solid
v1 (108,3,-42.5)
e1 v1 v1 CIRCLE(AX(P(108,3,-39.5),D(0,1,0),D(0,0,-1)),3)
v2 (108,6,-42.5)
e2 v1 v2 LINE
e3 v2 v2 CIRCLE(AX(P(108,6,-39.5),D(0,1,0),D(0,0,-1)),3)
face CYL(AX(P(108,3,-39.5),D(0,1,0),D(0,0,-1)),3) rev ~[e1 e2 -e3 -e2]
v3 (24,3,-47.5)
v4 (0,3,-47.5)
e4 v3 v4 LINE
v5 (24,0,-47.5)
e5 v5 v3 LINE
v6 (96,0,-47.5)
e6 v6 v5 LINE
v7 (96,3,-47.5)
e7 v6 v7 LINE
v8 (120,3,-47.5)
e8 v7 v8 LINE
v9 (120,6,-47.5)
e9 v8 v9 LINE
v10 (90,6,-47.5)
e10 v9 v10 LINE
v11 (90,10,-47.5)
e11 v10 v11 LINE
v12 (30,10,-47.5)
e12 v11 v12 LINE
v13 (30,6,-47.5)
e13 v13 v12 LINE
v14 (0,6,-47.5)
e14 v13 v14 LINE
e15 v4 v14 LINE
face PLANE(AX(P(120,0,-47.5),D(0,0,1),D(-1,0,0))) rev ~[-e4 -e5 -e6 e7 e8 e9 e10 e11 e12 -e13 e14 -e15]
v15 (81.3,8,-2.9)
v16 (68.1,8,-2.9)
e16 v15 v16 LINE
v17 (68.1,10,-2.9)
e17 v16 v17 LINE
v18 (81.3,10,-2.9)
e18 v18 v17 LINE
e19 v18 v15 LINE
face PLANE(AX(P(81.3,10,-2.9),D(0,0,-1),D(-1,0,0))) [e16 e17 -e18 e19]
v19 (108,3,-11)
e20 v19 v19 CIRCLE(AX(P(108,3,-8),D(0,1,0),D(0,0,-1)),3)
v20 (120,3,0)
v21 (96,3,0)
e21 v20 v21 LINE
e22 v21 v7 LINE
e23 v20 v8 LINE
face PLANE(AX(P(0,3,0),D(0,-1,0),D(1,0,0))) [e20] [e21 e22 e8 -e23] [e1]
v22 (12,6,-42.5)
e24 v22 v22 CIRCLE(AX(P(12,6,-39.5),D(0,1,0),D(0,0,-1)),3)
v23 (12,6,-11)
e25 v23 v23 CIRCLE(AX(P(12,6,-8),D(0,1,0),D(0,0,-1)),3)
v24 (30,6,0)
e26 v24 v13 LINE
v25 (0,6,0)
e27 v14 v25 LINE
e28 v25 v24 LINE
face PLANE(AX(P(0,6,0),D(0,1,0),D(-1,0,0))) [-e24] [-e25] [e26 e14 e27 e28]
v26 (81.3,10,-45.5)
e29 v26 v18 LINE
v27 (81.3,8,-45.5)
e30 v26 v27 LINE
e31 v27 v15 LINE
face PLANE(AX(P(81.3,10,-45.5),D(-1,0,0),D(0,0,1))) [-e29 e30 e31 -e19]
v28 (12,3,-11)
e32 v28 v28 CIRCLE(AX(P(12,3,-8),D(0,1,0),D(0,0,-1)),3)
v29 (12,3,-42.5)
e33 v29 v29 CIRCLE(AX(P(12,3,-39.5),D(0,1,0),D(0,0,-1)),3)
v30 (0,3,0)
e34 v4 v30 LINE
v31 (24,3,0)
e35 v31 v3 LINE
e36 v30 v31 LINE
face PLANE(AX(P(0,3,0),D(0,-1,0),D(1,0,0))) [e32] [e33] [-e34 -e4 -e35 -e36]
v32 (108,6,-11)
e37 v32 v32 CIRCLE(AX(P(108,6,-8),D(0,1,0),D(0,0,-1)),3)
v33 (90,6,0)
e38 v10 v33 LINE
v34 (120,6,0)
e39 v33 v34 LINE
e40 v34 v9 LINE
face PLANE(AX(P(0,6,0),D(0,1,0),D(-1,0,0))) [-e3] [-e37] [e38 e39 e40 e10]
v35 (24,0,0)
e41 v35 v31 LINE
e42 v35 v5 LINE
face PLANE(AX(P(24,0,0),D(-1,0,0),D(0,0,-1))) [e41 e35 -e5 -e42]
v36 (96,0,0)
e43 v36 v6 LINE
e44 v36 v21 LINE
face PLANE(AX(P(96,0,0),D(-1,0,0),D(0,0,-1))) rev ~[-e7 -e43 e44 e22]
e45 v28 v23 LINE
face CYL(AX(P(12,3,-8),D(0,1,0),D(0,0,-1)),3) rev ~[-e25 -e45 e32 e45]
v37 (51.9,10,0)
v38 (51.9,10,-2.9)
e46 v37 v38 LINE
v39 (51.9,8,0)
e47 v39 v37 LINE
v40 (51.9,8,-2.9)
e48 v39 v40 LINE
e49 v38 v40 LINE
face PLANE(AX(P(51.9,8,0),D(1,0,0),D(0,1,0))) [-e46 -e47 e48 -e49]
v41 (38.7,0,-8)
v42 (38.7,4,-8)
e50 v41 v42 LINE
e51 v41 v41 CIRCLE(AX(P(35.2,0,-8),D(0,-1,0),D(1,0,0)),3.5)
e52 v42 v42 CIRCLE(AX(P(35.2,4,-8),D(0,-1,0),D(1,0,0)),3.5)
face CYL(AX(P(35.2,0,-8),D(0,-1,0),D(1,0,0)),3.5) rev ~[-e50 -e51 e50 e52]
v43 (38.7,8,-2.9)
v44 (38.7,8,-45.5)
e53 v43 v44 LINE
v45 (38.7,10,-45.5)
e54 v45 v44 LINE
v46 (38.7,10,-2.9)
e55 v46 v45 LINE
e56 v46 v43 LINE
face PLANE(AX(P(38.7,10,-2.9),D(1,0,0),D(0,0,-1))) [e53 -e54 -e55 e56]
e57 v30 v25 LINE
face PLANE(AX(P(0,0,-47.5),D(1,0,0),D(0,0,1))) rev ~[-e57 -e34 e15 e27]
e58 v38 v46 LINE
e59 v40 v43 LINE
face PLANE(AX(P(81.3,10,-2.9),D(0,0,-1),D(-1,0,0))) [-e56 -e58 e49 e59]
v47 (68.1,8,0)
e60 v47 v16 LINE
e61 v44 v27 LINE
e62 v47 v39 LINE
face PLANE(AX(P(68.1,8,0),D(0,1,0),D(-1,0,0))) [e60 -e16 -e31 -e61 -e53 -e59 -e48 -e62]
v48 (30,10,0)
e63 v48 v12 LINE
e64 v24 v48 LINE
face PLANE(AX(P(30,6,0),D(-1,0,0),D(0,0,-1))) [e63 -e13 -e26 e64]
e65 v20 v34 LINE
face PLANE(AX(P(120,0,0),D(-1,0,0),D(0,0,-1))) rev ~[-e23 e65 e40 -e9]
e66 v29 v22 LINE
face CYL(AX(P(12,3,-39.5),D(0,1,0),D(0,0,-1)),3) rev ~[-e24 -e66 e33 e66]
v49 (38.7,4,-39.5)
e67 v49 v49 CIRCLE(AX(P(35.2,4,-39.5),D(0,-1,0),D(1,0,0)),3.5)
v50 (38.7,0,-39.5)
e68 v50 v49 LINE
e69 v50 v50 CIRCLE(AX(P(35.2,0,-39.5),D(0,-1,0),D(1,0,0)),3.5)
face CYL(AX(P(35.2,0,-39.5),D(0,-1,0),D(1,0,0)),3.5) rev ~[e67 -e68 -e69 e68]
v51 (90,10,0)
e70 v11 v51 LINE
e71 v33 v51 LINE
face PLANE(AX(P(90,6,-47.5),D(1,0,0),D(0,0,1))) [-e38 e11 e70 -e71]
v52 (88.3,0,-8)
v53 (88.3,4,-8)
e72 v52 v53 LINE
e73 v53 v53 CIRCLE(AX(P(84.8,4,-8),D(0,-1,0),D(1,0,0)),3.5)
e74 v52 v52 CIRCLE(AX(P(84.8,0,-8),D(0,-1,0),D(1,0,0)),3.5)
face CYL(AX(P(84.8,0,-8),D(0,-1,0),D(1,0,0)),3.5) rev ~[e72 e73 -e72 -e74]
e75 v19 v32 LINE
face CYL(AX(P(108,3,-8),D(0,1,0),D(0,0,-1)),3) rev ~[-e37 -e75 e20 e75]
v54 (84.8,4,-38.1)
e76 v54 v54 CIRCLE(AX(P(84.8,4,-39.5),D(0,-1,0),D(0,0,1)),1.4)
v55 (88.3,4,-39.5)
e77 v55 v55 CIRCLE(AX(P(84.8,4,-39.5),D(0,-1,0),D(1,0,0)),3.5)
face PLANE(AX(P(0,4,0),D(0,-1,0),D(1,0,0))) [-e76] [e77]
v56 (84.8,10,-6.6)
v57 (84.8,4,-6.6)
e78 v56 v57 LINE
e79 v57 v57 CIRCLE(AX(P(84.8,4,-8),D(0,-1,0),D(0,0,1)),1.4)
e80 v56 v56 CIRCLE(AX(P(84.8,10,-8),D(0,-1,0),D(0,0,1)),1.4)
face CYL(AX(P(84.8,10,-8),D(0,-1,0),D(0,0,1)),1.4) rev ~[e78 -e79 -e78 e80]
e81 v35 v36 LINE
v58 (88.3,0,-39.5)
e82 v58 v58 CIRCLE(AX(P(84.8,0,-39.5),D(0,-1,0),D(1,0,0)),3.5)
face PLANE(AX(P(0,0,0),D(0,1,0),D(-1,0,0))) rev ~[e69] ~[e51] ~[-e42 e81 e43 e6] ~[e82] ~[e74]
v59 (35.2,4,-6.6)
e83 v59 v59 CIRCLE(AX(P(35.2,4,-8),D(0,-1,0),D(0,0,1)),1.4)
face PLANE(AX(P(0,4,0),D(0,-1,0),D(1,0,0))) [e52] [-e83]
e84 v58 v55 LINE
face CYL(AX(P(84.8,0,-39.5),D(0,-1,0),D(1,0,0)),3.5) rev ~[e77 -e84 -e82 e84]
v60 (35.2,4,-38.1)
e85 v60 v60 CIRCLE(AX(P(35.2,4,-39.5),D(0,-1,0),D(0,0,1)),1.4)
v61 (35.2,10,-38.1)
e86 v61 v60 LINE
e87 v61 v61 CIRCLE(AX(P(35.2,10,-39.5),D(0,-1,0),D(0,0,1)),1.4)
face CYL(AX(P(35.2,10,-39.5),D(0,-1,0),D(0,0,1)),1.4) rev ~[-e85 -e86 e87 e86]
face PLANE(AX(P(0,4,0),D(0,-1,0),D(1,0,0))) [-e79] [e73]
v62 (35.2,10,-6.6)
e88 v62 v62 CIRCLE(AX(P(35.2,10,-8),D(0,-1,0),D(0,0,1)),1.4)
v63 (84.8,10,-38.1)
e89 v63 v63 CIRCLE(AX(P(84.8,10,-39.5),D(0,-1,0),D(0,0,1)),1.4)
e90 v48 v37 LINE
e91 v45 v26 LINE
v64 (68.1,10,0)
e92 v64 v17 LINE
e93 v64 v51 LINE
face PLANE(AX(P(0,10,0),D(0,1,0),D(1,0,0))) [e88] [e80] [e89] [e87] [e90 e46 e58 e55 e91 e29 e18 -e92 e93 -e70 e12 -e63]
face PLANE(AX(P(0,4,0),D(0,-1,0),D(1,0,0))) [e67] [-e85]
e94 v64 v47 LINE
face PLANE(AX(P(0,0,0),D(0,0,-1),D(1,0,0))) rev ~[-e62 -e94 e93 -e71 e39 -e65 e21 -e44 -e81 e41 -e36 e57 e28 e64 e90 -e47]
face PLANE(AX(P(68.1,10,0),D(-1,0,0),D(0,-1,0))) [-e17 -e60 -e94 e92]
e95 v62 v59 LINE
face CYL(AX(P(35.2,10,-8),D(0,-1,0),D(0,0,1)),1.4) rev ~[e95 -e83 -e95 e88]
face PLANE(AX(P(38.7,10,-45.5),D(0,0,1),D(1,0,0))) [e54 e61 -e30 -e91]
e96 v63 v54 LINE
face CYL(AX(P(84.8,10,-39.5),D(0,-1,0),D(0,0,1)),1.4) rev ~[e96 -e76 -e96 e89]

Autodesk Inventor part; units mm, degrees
ref_plane "YZ Plane" through (0, 0, 0) normal (1, 0, 0) x (0, 1, 0)
ref_plane "XZ Plane" through (0, 0, 0) normal (0, 1, 0) x (-1, 0, 0)
ref_plane "XY Plane" through (0, 0, 0) normal (0, 0, 1) x (1, 0, 0)
sketch "スケッチ1" plane through (0, 0, 0) normal (0, 1, 0) x (-1, 0, 0)
  line L0 (0, 0) -> (-120, 0)
  line L1 (-120, 0) -> (-120, -47.5)
  line L2 (-120, -47.5) -> (0, -47.5)
  line L3 (0, -47.5) -> (0, 0)
  dimension "d0" = 120
  dimension "d1" = 47.5
extrude "押し出し1" add sketch "スケッチ1" along normal blind 6
ref_plane "作業平面1" through (0, 0, 0) normal (0, 0, 1) x (1, 0, 0)
ref_plane "作業平面2" through (0, 6, 0) normal (0, 1, 0) x (1, 0, 0)
sketch "スケッチ3" plane through (0, 6, 0) normal (0, 1, 0) x (1, 0, 0)
  line L0 (120, 47.5) -> (0, 47.5) projected
  line L1 (0, 0) -> (120, 0) projected
  line L2 (30, 47.5) -> (90, 47.5)
  line L3 (90, 47.5) -> (90, 0)
  line L4 (90, 0) -> (30, 0)
  line L5 (30, 0) -> (30, 47.5)
  point P0 (30, 0)
  point P1 (60, 47.5)
  point P2 (60, 47.5)
  point P3 (60, 47.5)
  dimension "d9" = 60
  dimension "d50" = 0
extrude "押し出し3" add sketch "スケッチ3" along normal blind 4
ref_plane "作業平面3" through (0, 10, 0) normal (0, 1, 0) x (1, 0, 0)
sketch "スケッチ4" plane through (0, 10, 0) normal (0, 1, 0) x (1, 0, 0)
  line L0 (38.7, 45.5) -> (81.3, 45.5)
  line L1 (81.3, 45.5) -> (81.3, 2.9)
  line L2 (81.3, 2.9) -> (38.7, 2.9)
  line L3 (38.7, 2.9) -> (38.7, 45.5)
  line L4 (90, 47.5) -> (30, 47.5) projected
  line L5 (90, 0) -> (90, 47.5) projected
  point P0 (0, 0)
  point P1 (90, 23.75)
  point P2 (60, 47.5)
  dimension "d14" = 42.6
  dimension "d15" = 42.6
extrude "押し出し4" cut sketch "スケッチ4" against normal blind 2
sketch "スケッチ5" plane through (120, 0, 0) normal (0, 0, 1) x (1, 0, 0)
  line L0 (-30, 10) -> (-90, 10) projected
  line L1 (-38.7, 8) -> (-81.3, 8) projected
  line L2 (-68.1, 10) -> (-51.9, 10)
  line L3 (-51.9, 10) -> (-51.9, 8)
  line L4 (-51.9, 8) -> (-68.1, 8)
  line L5 (-68.1, 8) -> (-68.1, 10)
  point P0 (-120, 0)
  dimension "d20" = 16.2
extrude "押し出し5" cut sketch "スケッチ5" against normal blind 3
sketch "スケッチ6" plane through (0, 10, 0) normal (0, 1, 0) x (1, 0, 0)
  line L0 (90, 47.5) -> (30, 47.5) projected
  line L1 (144, 0) -> (-24, 0) projected
  line L2 (30, 47.5) -> (30, 0) projected
  line L3 (90, 0) -> (90, 47.5) projected
  point P0 (0, 0)
  point P1 (35.2, 39.5)
  point P2 (35.2, 8)
  point P3 (84.8, 8)
  point P4 (84.8, 39.5)
  dimension "d27" = 8
  dimension "d28" = 8
  dimension "d29" = 8
  dimension "d30" = 8
  dimension "d31" = 5.2
  dimension "d32" = 5.2
  dimension "d33" = 5.2
  dimension "d34" = 5.2
  dimension "d49" = 49.6
hole "穴1" at (35.2, 10, -39.5) at (35.2, 10, -8) at (84.8, 10, -8) at (84.8, 10, -39.5) direction (0, -1, 0) diameter 2.8 end through all
sketch "スケッチ7" plane through (0, 0, 0) normal (0, -1, 0) x (1, 0, 0)
  circle A0 centre (35.2, -8) radius 1.4 projected
  circle A1 centre (35.2, -8) radius 3.5
  circle A2 centre (84.8, -8) radius 1.4 projected
  circle A3 centre (84.8, -8) radius 3.5
  circle A4 centre (84.8, -39.5) radius 1.4 projected
  circle A5 centre (84.8, -39.5) radius 3.5
  circle A6 centre (35.2, -39.5) radius 1.4 projected
  circle A7 centre (35.2, -39.5) radius 3.5
  point P0 (0, 0)
  dimension "d42" = 7
  dimension "d43" = 7
  dimension "d44" = 7
  dimension "d45" = 7
extrude "押し出し6" cut sketch "スケッチ7" against normal blind 4 contours A0 | A1 | A3 | A4 | A5 | A6 | A7
ref_plane "作業平面4" through (0, 0, 0) normal (0, -1, 0) x (1, 0, 0)
sketch "スケッチ8" plane through (0, 0, 0) normal (0, -1, 0) x (1, 0, 0)
  line L0 (0, 0) -> (24, 0)
  line L1 (24, 0) -> (24, -47.5)
  line L2 (24, -47.5) -> (0, -47.5)
  line L3 (0, -47.5) -> (0, 0)
  line L4 (120, 0) -> (120, -47.5) projected
  line L5 (120, 0) -> (96, 0)
  line L6 (96, 0) -> (96, -47.5)
  line L7 (96, -47.5) -> (120, -47.5)
  line L8 (120, -47.5) -> (120, 0)
  dimension "d53" = 24
  dimension "d54" = 47.5
  dimension "d55" = 24
  dimension "d56" = 47.5
extrude "押し出し7" cut sketch "スケッチ8" against normal blind 3
ref_plane "作業平面5" through (0, 3, 0) normal (0, -1, 0) x (1, 0, 0)
sketch "スケッチ9" plane through (0, 3, 0) normal (0, -1, 0) x (1, 0, 0)
  line L0 (0, -47.5) -> (0, 0) projected
  line L1 (0, 0) -> (24, 0) projected
  line L2 (24, -47.5) -> (0, -47.5) projected
  line L3 (120, 0) -> (120, -47.5) projected
  line L4 (96, 0) -> (120, 0) projected
  line L5 (120, -47.5) -> (96, -47.5) projected
  point P0 (12, -8)
  point P1 (12, -39.5)
  point P2 (108, -8)
  point P3 (108, -39.5)
  point P4 (12, 0)
  dimension "d60" = 12
  dimension "d61" = 8
  dimension "d62" = 8
  dimension "d63" = 12
  dimension "d64" = 12
  dimension "d65" = 12
  dimension "d66" = 8
  dimension "d67" = 8
hole "穴2" at (12, 3, -8) at (12, 3, -39.5) at (108, 3, -8) at (108, 3, -39.5) direction (0, 1, 0) diameter 6 end through all
properties part number "motor_mount1_3D プリント"
